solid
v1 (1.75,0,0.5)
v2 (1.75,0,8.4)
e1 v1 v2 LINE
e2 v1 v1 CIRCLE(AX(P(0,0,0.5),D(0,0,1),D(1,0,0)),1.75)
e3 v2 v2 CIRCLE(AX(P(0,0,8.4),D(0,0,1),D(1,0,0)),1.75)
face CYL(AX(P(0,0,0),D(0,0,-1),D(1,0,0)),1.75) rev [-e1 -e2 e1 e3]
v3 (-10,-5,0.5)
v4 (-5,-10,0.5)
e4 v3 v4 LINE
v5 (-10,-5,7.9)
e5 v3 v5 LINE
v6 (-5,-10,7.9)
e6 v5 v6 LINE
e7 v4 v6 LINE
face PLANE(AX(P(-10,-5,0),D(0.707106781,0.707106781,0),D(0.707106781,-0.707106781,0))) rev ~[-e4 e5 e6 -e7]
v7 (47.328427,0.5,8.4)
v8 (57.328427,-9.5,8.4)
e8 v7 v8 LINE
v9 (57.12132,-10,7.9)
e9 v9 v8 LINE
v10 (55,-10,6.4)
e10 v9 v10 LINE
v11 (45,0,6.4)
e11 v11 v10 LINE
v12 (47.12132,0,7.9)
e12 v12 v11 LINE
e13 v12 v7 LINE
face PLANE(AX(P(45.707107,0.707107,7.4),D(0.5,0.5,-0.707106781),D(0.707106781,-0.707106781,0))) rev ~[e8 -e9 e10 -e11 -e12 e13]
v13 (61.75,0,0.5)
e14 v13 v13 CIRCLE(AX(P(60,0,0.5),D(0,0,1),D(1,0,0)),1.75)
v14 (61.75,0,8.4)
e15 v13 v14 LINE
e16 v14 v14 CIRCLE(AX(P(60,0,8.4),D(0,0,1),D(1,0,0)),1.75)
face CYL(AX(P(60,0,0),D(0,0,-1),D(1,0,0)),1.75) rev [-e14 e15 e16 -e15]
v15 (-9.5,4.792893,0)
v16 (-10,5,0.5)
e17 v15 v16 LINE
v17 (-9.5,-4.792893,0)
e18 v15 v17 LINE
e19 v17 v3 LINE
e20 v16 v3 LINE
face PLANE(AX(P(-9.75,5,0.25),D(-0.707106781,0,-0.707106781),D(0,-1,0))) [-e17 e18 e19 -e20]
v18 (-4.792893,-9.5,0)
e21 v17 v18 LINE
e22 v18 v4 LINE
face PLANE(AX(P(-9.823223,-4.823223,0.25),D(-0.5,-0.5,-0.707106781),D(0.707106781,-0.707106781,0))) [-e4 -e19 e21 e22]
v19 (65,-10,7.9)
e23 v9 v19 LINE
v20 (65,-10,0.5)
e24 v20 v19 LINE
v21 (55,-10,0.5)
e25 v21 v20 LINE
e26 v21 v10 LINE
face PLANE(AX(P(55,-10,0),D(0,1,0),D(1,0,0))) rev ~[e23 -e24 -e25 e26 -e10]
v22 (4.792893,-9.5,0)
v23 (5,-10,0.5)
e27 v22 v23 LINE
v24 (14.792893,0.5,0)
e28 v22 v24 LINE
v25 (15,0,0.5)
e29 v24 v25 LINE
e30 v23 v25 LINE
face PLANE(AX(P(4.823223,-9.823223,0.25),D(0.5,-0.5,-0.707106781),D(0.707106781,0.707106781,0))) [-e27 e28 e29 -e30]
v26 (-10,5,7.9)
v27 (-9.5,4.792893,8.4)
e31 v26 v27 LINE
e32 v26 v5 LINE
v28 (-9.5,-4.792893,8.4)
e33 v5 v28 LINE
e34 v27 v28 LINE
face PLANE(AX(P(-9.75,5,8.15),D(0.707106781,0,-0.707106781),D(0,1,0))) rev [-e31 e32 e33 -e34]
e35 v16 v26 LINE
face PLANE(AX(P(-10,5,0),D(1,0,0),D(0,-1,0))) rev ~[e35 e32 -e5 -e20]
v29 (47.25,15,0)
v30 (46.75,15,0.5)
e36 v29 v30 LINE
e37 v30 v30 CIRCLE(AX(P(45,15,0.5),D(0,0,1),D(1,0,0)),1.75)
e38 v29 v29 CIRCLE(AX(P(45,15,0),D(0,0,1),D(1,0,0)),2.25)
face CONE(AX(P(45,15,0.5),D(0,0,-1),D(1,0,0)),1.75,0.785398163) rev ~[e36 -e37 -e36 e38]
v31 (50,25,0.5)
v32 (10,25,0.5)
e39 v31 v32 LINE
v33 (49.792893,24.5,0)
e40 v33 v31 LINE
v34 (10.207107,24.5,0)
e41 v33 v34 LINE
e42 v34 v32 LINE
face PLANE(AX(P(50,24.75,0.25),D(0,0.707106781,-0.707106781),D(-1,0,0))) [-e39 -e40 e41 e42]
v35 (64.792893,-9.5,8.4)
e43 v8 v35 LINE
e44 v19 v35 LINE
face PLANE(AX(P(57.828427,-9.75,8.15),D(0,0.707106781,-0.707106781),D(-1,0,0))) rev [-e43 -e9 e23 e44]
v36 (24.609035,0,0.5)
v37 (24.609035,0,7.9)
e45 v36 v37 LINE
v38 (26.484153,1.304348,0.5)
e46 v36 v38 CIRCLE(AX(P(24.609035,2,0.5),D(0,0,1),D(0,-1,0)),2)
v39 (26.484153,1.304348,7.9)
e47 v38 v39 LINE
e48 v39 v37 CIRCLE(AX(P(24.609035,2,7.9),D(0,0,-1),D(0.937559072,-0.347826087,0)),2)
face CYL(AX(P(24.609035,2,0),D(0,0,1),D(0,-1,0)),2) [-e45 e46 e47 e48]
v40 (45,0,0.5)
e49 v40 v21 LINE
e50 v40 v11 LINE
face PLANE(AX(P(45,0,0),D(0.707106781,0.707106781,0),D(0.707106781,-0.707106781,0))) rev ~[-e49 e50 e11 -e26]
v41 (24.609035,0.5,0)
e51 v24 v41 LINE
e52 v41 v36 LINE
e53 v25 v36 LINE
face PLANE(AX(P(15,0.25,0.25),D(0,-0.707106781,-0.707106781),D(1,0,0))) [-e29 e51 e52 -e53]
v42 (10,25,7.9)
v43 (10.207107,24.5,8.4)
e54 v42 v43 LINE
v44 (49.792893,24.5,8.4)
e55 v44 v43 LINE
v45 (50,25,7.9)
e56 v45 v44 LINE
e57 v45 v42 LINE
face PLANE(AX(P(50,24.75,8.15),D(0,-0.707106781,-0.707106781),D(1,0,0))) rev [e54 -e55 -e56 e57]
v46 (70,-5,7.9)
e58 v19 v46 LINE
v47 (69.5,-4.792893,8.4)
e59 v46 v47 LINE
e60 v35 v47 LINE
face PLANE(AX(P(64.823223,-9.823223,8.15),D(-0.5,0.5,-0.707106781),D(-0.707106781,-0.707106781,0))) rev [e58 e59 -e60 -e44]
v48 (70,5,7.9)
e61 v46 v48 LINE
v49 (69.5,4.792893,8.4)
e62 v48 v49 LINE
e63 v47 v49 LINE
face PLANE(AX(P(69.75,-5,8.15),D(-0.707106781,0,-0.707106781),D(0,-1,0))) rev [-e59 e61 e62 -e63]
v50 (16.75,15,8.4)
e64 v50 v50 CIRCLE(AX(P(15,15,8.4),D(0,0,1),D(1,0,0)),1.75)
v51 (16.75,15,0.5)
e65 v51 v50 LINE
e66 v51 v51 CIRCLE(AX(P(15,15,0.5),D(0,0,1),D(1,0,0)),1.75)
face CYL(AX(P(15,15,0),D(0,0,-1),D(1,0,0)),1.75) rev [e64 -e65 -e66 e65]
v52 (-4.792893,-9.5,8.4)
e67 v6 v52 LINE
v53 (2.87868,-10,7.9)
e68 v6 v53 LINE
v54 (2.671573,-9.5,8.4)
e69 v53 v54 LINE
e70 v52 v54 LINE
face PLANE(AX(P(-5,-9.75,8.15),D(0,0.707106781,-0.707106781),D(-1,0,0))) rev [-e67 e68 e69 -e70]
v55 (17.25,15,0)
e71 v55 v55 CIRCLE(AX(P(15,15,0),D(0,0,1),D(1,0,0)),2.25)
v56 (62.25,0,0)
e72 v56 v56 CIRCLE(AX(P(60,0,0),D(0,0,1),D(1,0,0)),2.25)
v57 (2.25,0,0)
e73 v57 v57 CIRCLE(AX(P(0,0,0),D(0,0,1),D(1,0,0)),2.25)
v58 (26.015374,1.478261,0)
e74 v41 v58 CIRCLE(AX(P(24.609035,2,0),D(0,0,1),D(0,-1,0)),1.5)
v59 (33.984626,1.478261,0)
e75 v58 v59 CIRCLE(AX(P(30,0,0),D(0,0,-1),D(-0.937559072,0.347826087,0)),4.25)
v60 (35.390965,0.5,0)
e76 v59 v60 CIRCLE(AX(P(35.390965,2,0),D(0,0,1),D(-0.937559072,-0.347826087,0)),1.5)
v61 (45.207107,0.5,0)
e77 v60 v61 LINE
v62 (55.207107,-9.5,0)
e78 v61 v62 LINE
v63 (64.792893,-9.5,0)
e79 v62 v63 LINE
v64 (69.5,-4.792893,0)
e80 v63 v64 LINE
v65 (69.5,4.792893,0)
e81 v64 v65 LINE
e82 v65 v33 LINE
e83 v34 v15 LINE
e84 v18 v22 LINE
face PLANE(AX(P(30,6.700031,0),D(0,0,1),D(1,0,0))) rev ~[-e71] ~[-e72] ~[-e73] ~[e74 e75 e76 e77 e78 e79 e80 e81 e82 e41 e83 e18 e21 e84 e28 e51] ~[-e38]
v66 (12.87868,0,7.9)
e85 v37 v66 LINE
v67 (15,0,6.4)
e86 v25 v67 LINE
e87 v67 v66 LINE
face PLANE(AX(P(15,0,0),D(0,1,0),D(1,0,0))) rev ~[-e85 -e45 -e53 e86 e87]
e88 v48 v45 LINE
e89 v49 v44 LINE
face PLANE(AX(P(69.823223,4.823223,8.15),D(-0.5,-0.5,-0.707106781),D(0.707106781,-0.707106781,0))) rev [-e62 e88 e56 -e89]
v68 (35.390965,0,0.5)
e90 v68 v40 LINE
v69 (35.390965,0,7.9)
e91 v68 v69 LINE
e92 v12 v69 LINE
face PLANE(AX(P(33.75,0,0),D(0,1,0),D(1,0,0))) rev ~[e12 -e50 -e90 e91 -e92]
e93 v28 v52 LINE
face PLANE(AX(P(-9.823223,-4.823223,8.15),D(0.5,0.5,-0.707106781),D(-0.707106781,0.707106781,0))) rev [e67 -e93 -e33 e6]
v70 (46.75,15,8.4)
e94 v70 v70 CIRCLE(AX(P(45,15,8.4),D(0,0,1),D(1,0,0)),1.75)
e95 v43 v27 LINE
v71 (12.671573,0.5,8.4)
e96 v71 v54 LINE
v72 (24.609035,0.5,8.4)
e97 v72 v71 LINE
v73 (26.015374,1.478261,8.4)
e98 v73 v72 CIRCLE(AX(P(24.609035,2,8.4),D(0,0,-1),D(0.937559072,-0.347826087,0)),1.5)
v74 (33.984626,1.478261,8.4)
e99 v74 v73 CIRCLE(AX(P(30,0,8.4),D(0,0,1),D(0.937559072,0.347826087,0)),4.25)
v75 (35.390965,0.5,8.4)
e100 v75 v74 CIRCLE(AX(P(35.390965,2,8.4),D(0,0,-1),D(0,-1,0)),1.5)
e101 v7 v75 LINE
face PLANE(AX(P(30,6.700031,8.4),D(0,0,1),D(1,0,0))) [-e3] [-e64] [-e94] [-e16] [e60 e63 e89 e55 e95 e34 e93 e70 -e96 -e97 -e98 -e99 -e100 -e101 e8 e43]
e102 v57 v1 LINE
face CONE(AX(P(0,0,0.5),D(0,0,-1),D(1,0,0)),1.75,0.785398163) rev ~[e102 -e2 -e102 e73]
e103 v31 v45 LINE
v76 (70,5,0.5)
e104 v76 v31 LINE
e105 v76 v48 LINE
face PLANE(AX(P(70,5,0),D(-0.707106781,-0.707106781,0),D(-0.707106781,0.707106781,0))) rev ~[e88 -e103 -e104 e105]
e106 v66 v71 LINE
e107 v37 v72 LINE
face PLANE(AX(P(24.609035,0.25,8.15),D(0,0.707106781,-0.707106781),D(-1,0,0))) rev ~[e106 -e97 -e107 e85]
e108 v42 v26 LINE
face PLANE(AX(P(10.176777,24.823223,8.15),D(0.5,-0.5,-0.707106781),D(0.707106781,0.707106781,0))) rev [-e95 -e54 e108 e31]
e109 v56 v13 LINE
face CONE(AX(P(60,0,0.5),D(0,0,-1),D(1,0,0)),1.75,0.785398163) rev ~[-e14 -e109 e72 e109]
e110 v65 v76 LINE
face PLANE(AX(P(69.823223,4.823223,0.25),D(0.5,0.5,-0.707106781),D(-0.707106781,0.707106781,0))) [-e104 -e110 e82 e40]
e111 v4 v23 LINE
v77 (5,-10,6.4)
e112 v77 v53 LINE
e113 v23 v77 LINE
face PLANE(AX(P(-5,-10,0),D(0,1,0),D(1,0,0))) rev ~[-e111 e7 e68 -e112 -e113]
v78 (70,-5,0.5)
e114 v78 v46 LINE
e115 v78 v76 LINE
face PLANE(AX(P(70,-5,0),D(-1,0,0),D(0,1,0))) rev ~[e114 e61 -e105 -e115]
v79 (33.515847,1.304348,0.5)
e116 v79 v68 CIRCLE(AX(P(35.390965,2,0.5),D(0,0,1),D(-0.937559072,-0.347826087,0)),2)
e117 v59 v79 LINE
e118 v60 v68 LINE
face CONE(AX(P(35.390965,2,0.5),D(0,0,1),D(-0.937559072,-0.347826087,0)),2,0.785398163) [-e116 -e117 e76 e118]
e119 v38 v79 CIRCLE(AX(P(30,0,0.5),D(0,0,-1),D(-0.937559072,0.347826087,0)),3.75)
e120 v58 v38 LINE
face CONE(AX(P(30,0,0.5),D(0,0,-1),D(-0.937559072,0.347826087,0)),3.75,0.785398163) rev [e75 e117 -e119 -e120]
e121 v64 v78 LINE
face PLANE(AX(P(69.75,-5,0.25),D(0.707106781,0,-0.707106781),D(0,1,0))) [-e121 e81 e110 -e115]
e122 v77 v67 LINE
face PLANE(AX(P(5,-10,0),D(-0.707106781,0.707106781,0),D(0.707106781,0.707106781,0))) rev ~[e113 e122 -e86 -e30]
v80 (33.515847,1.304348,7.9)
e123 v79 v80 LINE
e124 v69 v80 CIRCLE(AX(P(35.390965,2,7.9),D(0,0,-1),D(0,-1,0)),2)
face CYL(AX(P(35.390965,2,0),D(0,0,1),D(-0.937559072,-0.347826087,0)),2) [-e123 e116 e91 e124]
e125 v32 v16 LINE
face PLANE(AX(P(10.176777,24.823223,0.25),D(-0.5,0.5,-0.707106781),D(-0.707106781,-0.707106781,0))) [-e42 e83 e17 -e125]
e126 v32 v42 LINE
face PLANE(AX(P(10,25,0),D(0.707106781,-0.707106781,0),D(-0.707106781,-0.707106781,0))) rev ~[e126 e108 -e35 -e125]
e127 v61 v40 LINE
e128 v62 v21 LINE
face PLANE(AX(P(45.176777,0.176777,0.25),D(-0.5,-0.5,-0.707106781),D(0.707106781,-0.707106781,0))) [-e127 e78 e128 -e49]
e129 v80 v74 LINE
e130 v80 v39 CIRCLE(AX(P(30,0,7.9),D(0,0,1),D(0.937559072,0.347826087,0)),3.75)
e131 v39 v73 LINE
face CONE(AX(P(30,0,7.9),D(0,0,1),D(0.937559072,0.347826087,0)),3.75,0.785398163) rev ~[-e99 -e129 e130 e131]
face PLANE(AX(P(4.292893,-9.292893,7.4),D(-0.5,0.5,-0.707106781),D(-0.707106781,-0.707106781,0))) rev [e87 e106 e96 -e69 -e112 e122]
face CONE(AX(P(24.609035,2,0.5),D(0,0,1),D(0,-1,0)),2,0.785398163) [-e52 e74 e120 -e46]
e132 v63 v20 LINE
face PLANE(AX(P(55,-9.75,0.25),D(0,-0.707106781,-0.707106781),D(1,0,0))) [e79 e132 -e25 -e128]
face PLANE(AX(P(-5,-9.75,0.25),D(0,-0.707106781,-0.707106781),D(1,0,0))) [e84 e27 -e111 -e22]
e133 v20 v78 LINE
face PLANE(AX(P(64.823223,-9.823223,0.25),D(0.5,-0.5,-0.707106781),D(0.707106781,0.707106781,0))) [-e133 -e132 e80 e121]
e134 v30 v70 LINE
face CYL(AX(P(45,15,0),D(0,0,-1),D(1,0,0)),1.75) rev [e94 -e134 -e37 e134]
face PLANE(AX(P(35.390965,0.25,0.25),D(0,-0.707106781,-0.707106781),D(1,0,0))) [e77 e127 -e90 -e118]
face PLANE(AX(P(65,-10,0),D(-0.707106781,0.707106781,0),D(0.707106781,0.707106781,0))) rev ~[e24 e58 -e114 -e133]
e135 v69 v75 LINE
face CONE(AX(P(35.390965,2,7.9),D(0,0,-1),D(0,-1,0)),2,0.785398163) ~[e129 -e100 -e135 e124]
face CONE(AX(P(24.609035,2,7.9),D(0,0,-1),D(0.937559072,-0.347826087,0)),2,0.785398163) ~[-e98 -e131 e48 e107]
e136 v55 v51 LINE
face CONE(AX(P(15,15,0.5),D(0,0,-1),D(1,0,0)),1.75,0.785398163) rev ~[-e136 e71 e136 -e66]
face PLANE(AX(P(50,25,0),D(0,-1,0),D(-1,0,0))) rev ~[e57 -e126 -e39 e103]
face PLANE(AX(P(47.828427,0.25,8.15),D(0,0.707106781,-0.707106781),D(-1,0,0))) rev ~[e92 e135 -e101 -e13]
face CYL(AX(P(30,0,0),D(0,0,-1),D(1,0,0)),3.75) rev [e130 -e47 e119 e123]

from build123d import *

# Parameters (mm, degrees)
SKETCH_R        = 1.75
PAD_DEPTH       = 8.4
FILLET_R        = 2
CHAMFER001_SIZE = 2
CHAMFER_SIZE    = 0.5


with BuildPart() as part:
    # Sketch → Pad (new body)
    with BuildSketch(Plane.XY):
        with BuildLine():
            Line((-10, -5), (-5, -10))
            Line((-5, -10), (5, -10))
            Line((5, -10), (15, 0))
            Line((15, 0), (26.25, 0))
            ThreePointArc((33.75, 0), (30, 3.75), (26.25, 0))
            Line((33.75, 0), (45, 0))
            Line((45, 0), (55, -10))
            Line((55, -10), (65, -10))
            Line((65, -10), (70, -5))
            Line((70, -5), (70, 5))
            Line((70, 5), (50, 25))
            Line((50, 25), (10, 25))
            Line((10, 25), (-10, 5))
            Line((-10, 5), (-10, -5))
        make_face()
        Circle(SKETCH_R, mode=Mode.SUBTRACT)
        with Locations((15, 15)):
            Circle(SKETCH_R, mode=Mode.SUBTRACT)
        with Locations((45, 15)):
            Circle(SKETCH_R, mode=Mode.SUBTRACT)
        with Locations((60, 0)):
            Circle(SKETCH_R, mode=Mode.SUBTRACT)
    extrude(amount=PAD_DEPTH)

    # Fillet
    fillet_edges = [part.edges().sort_by_distance(p)[0] for p in [
        (33.75, 0, 4.2),
        (26.25, 0, 4.2),
    ]]
    fillet(fillet_edges, radius=FILLET_R)

    # Chamfer001
    chamfer001_edges = [part.edges().sort_by_distance(p)[0] for p in [
        (10, -5, 8.4),
        (50, -5, 8.4),
    ]]
    chamfer(chamfer001_edges, length=CHAMFER001_SIZE)

    # Chamfer
    chamfer_edges = [part.edges().sort_by_distance(p)[0] for p in [
        (40.195482, 0, 0),
        (34.248884, 0.358156, 0),
        (50, -5, 0),
        (30, 3.75, 0),
        (60, -10, 0),
        (25.751116, 0.358156, 0),
        (67.5, -7.5, 0),
        (19.804518, 0, 0),
        (70, 0, 0),
        (10, -5, 0),
        (60, 15, 0),
        (0, -10, 0),
        (30, 25, 0),
        (-7.5, -7.5, 0),
        (0, 15, 0),
        (-10, 0, 0),
        (58.25, 0, 0),
        (43.25, 15, 0),
        (13.25, 15, 0),
        (-1.75, 0, 0),
        (19.804518, 0, 8.4),
        (-1.414214, -10, 8.4),
        (61.414214, -10, 8.4),
        (67.5, -7.5, 8.4),
        (70, 0, 8.4),
        (-7.5, -7.5, 8.4),
        (-10, 0, 8.4),
        (0, 15, 8.4),
        (30, 25, 8.4),
        (60, 15, 8.4),
    ]]
    chamfer(chamfer_edges, length=CHAMFER_SIZE)


solid = part.part
